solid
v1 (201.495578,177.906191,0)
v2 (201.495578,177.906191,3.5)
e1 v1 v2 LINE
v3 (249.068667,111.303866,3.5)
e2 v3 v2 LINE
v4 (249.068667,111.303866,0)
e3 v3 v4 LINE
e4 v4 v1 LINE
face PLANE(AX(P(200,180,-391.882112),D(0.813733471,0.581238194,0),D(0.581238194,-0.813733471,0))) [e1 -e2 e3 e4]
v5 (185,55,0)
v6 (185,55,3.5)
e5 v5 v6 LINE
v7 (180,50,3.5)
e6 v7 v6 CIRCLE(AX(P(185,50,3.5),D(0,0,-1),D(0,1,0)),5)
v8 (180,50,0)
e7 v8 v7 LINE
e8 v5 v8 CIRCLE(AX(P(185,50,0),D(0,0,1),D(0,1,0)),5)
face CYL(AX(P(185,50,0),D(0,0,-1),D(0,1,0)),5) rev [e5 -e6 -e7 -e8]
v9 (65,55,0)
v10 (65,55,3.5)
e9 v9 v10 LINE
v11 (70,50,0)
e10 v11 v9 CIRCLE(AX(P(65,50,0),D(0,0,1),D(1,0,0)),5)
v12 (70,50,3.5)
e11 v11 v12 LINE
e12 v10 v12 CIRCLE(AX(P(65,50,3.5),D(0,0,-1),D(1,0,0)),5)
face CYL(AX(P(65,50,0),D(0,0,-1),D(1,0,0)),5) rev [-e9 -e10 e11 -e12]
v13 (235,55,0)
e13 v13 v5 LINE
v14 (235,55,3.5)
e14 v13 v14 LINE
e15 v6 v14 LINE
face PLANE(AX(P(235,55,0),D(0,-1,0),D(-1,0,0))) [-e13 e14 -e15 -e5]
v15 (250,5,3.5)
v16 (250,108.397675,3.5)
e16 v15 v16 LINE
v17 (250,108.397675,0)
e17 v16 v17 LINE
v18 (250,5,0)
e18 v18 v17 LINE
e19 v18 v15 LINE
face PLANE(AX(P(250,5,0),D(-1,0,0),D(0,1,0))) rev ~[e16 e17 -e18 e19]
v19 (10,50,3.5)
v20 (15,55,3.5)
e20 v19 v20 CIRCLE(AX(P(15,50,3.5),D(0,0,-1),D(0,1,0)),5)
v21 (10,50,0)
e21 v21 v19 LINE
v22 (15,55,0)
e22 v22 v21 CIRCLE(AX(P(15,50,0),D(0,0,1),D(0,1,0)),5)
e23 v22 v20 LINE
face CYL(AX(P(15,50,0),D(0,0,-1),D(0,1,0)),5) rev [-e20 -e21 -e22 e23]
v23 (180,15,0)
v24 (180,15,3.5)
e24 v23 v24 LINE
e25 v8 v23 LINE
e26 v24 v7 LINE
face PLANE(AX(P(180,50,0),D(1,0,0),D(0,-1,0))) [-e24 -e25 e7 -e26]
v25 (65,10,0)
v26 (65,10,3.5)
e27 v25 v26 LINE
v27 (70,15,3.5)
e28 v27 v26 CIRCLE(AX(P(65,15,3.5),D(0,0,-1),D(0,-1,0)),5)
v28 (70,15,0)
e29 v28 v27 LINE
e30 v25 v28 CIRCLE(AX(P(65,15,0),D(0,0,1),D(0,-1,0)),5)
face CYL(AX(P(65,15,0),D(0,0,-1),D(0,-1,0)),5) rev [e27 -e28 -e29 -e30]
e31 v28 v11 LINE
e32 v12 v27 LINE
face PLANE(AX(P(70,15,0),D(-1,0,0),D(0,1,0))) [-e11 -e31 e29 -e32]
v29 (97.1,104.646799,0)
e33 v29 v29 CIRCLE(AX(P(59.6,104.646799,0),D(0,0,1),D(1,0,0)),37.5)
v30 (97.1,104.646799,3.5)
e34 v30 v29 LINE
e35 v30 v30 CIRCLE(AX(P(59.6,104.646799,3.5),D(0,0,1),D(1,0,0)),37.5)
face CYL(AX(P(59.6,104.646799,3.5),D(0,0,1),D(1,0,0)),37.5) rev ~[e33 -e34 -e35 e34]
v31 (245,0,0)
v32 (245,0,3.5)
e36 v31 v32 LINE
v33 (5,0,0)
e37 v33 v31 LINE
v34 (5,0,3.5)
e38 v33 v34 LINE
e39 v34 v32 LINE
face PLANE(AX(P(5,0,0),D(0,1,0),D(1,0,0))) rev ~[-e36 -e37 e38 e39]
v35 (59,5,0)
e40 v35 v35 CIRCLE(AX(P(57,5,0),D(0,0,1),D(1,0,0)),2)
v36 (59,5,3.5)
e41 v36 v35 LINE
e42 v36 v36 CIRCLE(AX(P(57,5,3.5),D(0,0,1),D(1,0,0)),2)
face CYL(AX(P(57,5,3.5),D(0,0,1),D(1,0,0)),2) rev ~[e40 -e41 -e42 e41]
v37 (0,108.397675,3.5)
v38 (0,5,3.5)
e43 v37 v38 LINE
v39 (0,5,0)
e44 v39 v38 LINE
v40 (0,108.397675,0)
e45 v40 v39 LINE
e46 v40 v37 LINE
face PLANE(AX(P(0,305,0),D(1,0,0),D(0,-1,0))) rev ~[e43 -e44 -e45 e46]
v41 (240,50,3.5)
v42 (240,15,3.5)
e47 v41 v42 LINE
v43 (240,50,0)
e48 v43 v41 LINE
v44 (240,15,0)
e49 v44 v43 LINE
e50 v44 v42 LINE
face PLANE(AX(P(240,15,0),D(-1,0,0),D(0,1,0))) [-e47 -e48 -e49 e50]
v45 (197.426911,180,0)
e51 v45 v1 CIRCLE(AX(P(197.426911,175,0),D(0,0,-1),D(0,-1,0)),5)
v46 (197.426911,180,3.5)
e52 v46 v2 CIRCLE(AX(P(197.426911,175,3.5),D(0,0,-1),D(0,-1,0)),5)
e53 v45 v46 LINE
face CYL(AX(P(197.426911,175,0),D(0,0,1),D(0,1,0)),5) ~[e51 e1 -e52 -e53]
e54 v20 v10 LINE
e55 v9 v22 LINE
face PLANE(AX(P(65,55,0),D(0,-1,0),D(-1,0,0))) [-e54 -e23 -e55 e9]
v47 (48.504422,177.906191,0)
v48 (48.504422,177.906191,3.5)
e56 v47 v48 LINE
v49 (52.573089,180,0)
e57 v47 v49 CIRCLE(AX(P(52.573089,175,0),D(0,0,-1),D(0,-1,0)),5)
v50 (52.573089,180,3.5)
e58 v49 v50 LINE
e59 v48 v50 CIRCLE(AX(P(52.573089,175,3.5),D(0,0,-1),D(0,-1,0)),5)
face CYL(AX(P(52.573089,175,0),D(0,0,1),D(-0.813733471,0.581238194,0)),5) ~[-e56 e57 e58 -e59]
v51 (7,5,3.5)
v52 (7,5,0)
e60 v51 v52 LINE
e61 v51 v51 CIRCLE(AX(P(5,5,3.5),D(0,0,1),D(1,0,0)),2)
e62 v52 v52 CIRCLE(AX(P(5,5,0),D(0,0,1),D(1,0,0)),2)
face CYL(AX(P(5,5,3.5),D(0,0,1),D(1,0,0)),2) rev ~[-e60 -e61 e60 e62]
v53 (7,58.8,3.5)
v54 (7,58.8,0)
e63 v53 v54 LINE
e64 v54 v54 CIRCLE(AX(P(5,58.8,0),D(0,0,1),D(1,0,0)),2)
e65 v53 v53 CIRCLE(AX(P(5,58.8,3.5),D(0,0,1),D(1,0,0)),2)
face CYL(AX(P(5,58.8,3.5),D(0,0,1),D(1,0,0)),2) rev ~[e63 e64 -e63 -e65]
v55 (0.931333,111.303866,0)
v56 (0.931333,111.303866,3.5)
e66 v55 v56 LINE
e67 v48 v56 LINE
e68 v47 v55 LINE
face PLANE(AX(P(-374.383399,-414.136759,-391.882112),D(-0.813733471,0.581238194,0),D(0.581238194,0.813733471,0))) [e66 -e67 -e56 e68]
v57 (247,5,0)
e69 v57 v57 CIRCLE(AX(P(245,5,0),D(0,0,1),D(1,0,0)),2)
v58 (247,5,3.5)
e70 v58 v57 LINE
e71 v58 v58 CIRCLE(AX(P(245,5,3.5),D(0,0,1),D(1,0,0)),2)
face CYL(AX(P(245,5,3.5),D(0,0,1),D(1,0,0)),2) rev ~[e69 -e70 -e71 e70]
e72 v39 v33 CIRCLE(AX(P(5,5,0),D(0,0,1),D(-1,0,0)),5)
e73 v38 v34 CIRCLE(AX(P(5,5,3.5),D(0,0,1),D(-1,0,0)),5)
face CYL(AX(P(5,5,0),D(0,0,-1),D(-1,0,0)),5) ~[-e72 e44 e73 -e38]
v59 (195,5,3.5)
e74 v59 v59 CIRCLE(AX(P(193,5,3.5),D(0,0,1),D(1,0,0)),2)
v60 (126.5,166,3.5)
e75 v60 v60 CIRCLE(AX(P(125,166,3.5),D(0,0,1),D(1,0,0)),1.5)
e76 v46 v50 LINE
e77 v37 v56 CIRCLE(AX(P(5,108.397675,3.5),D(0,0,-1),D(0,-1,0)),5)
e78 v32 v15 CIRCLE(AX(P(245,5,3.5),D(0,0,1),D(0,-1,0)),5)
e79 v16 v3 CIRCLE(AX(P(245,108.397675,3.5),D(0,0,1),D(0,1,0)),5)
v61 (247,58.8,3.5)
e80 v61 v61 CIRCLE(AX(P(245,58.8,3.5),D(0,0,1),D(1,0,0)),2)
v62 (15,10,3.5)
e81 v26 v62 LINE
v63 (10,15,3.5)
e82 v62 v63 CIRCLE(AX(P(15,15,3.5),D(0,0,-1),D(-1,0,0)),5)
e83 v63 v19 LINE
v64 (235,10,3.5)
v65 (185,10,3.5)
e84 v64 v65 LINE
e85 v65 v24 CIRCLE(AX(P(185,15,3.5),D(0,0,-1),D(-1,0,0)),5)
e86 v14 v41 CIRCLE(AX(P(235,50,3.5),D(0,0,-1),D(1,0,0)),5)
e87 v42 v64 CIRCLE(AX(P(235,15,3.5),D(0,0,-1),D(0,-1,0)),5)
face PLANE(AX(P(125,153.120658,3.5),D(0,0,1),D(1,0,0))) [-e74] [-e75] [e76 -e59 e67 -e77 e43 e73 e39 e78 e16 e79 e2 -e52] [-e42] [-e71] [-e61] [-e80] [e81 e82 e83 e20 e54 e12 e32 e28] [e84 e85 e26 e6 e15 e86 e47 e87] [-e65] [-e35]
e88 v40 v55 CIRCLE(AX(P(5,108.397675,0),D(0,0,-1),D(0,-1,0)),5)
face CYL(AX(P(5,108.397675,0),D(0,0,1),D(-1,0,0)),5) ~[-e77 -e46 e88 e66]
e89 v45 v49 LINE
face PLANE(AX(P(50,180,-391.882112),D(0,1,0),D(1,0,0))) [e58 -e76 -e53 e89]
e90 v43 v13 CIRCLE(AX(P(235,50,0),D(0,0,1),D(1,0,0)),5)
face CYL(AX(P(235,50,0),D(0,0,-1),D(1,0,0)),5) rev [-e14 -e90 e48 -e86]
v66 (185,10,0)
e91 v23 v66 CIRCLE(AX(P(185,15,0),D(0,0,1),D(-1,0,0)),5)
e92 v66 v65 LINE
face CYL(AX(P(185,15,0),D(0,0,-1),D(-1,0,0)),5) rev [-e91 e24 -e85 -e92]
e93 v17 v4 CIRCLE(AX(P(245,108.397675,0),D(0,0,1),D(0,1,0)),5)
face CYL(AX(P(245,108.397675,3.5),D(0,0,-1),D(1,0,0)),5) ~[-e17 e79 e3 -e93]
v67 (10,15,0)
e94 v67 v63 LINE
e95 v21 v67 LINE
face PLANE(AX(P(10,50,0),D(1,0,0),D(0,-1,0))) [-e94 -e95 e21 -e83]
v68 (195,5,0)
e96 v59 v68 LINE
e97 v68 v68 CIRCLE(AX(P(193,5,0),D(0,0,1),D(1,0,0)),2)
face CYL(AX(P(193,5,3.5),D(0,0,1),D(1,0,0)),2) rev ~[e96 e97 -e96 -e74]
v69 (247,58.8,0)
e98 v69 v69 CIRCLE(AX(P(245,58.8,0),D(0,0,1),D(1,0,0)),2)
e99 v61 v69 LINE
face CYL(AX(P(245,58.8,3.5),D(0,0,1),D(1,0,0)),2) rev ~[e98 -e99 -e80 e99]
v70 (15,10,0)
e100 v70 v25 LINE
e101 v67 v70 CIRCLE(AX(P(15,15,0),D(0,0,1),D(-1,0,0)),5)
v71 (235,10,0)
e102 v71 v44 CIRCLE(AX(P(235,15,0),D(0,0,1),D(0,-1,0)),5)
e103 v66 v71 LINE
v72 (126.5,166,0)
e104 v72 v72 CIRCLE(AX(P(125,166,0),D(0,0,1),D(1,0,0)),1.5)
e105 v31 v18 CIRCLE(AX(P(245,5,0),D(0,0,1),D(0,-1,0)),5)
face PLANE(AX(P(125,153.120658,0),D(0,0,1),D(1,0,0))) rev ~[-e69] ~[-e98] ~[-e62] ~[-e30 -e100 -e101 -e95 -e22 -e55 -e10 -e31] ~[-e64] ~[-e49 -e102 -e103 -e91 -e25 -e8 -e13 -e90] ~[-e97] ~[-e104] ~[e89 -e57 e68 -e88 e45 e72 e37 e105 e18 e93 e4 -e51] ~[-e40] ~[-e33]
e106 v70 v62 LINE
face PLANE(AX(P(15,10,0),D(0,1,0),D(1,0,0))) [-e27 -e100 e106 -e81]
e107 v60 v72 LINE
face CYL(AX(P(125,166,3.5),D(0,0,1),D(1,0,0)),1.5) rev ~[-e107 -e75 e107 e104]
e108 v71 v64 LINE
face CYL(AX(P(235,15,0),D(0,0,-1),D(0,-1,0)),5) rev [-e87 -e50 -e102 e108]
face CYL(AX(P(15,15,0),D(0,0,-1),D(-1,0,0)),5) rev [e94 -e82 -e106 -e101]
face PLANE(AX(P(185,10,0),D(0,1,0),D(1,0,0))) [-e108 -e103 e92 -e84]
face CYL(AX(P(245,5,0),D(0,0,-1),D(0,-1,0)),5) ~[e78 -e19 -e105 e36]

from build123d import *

# Parameters (mm, degrees)
BOSS_EXTRU_1_DEPTH           = 3.5
ESQUISSE2_R                  = 2
ENL_V_MAT_EXTRU_1_DEPTH      = 395.382111663
ESQUISSE3_R                  = 2
ENL_V_MAT_EXTRU_2_DEPTH      = 395.382111663
ENL_V_MAT_EXTRU_3_DEPTH      = 395.382111663
ENL_V_MAT_EXTRU_4_DEPTH      = 395.382111663
ENL_V_MAT_EXTRU_4_DEPTH_BACK = 395.382111663
ESQUISSE6_R                  = 1.5
ENL_V_MAT_EXTRU_5_DEPTH      = 309.078317965
CONG_1_R                     = 5
ESQUISSE7_R                  = 37.5
ENL_V_MAT_EXTRU_6_DEPTH      = 309.078317965


with BuildPart() as part:
    # Esquisse1 → Boss.-Extru.1 (new body)
    with BuildSketch(Plane.XY):
        with BuildLine():
            Line((5, 0), (245, 0))
            ThreePointArc((245, 0), (248.535533906, 1.464466094), (250, 5))
            Line((250, 5), (250, 305))
            Line((250, 305), (0, 305))
            Line((0, 305), (0, 5))
            ThreePointArc((0, 5), (1.464466094, 1.464466094), (5, 0))
        make_face()
    extrude(amount=BOSS_EXTRU_1_DEPTH)

    # Esquisse2 → Enlèv. mat.-Extru.1 (cut, through all)
    with BuildSketch(Plane.XY.offset(3.5)):
        with Locations((5, 5)):
            Circle(ESQUISSE2_R)
        with Locations((245, 5)):
            Circle(ESQUISSE2_R)
        with Locations((5, 58.8)):
            Circle(ESQUISSE2_R)
        with Locations((245, 58.8)):
            Circle(ESQUISSE2_R)
    extrude(amount=-ENL_V_MAT_EXTRU_1_DEPTH, mode=Mode.SUBTRACT)

    # Esquisse3 → Enlèv. mat.-Extru.2 (cut, through all)
    with BuildSketch(Plane.XY.offset(3.5)):
        with Locations((57, 5)):
            Circle(ESQUISSE3_R)
        with Locations((193, 5)):
            Circle(ESQUISSE3_R)
    extrude(amount=-ENL_V_MAT_EXTRU_2_DEPTH, mode=Mode.SUBTRACT)

    # Esquisse4 → Enlèv. mat.-Extru.3 (cut, through all)
    with BuildSketch(Plane(origin=(0, 0, 0), x_dir=(-1, 0, 0), z_dir=(0, 0, -1))):
        with BuildLine():
            Line((-70, 15), (-70, 50))
            ThreePointArc((-70, 50), (-68.535533906, 53.535533906), (-65, 55))
            Line((-65, 55), (-15, 55))
            ThreePointArc((-15, 55), (-11.464466094, 53.535533906), (-10, 50))
            Line((-10, 50), (-10, 15))
            ThreePointArc((-10, 15), (-11.464466094, 11.464466094), (-15, 10))
            Line((-15, 10), (-65, 10))
            ThreePointArc((-65, 10), (-68.535533906, 11.464466094), (-70, 15))
        make_face()
        with BuildLine():
            Line((-185, 10), (-235, 10))
            ThreePointArc((-235, 10), (-238.535533906, 11.464466094), (-240, 15))
            Line((-240, 15), (-240, 50))
            ThreePointArc((-240, 50), (-238.535533906, 53.535533906), (-235, 55))
            Line((-235, 55), (-185, 55))
            ThreePointArc((-185, 55), (-181.464466094, 53.535533906), (-180, 50))
            Line((-180, 50), (-180, 15))
            ThreePointArc((-180, 15), (-181.464466094, 11.464466094), (-185, 10))
        make_face()
    extrude(amount=-ENL_V_MAT_EXTRU_3_DEPTH, mode=Mode.SUBTRACT)

    # Esquisse5 → Enlèv. mat.-Extru.4 (cut, two sides: drawn at the far end of the back side and taken through both)
    with BuildSketch(Plane.XY.offset(3.5).offset(-ENL_V_MAT_EXTRU_4_DEPTH_BACK)):
        Polygon((-374.383398967, -414.136758554), (0, 110), (50, 180), (200, 180), (250, 110), (624.383398967, -414.136758554), (624.383398967, 874.090350445), (-374.383398967, 874.090350445), align=None)
    extrude(amount=ENL_V_MAT_EXTRU_4_DEPTH + ENL_V_MAT_EXTRU_4_DEPTH_BACK, mode=Mode.SUBTRACT)

    # Esquisse6 → Enlèv. mat.-Extru.5 (cut, through all)
    with BuildSketch(Plane.XY.offset(3.5)):
        with Locations((125, 166)):
            Circle(ESQUISSE6_R)
    extrude(amount=-ENL_V_MAT_EXTRU_5_DEPTH, mode=Mode.SUBTRACT)

    # Congé1
    cong_1_edges = [part.edges().sort_by_distance(p)[0] for p in [
        (50, 180, 1.75),
        (200, 180, 1.75),
        (250, 110, 1.75),
        (0, 110, 1.75),
    ]]
    fillet(cong_1_edges, radius=CONG_1_R)

    # Esquisse7 → Enlèv. mat.-Extru.6 (cut, through all)
    with BuildSketch(Plane.XY.offset(3.5)):
        with Locations((59.6, 104.646798594)):
            Circle(ESQUISSE7_R)
    extrude(amount=-ENL_V_MAT_EXTRU_6_DEPTH, mode=Mode.SUBTRACT)


solid = part.part
